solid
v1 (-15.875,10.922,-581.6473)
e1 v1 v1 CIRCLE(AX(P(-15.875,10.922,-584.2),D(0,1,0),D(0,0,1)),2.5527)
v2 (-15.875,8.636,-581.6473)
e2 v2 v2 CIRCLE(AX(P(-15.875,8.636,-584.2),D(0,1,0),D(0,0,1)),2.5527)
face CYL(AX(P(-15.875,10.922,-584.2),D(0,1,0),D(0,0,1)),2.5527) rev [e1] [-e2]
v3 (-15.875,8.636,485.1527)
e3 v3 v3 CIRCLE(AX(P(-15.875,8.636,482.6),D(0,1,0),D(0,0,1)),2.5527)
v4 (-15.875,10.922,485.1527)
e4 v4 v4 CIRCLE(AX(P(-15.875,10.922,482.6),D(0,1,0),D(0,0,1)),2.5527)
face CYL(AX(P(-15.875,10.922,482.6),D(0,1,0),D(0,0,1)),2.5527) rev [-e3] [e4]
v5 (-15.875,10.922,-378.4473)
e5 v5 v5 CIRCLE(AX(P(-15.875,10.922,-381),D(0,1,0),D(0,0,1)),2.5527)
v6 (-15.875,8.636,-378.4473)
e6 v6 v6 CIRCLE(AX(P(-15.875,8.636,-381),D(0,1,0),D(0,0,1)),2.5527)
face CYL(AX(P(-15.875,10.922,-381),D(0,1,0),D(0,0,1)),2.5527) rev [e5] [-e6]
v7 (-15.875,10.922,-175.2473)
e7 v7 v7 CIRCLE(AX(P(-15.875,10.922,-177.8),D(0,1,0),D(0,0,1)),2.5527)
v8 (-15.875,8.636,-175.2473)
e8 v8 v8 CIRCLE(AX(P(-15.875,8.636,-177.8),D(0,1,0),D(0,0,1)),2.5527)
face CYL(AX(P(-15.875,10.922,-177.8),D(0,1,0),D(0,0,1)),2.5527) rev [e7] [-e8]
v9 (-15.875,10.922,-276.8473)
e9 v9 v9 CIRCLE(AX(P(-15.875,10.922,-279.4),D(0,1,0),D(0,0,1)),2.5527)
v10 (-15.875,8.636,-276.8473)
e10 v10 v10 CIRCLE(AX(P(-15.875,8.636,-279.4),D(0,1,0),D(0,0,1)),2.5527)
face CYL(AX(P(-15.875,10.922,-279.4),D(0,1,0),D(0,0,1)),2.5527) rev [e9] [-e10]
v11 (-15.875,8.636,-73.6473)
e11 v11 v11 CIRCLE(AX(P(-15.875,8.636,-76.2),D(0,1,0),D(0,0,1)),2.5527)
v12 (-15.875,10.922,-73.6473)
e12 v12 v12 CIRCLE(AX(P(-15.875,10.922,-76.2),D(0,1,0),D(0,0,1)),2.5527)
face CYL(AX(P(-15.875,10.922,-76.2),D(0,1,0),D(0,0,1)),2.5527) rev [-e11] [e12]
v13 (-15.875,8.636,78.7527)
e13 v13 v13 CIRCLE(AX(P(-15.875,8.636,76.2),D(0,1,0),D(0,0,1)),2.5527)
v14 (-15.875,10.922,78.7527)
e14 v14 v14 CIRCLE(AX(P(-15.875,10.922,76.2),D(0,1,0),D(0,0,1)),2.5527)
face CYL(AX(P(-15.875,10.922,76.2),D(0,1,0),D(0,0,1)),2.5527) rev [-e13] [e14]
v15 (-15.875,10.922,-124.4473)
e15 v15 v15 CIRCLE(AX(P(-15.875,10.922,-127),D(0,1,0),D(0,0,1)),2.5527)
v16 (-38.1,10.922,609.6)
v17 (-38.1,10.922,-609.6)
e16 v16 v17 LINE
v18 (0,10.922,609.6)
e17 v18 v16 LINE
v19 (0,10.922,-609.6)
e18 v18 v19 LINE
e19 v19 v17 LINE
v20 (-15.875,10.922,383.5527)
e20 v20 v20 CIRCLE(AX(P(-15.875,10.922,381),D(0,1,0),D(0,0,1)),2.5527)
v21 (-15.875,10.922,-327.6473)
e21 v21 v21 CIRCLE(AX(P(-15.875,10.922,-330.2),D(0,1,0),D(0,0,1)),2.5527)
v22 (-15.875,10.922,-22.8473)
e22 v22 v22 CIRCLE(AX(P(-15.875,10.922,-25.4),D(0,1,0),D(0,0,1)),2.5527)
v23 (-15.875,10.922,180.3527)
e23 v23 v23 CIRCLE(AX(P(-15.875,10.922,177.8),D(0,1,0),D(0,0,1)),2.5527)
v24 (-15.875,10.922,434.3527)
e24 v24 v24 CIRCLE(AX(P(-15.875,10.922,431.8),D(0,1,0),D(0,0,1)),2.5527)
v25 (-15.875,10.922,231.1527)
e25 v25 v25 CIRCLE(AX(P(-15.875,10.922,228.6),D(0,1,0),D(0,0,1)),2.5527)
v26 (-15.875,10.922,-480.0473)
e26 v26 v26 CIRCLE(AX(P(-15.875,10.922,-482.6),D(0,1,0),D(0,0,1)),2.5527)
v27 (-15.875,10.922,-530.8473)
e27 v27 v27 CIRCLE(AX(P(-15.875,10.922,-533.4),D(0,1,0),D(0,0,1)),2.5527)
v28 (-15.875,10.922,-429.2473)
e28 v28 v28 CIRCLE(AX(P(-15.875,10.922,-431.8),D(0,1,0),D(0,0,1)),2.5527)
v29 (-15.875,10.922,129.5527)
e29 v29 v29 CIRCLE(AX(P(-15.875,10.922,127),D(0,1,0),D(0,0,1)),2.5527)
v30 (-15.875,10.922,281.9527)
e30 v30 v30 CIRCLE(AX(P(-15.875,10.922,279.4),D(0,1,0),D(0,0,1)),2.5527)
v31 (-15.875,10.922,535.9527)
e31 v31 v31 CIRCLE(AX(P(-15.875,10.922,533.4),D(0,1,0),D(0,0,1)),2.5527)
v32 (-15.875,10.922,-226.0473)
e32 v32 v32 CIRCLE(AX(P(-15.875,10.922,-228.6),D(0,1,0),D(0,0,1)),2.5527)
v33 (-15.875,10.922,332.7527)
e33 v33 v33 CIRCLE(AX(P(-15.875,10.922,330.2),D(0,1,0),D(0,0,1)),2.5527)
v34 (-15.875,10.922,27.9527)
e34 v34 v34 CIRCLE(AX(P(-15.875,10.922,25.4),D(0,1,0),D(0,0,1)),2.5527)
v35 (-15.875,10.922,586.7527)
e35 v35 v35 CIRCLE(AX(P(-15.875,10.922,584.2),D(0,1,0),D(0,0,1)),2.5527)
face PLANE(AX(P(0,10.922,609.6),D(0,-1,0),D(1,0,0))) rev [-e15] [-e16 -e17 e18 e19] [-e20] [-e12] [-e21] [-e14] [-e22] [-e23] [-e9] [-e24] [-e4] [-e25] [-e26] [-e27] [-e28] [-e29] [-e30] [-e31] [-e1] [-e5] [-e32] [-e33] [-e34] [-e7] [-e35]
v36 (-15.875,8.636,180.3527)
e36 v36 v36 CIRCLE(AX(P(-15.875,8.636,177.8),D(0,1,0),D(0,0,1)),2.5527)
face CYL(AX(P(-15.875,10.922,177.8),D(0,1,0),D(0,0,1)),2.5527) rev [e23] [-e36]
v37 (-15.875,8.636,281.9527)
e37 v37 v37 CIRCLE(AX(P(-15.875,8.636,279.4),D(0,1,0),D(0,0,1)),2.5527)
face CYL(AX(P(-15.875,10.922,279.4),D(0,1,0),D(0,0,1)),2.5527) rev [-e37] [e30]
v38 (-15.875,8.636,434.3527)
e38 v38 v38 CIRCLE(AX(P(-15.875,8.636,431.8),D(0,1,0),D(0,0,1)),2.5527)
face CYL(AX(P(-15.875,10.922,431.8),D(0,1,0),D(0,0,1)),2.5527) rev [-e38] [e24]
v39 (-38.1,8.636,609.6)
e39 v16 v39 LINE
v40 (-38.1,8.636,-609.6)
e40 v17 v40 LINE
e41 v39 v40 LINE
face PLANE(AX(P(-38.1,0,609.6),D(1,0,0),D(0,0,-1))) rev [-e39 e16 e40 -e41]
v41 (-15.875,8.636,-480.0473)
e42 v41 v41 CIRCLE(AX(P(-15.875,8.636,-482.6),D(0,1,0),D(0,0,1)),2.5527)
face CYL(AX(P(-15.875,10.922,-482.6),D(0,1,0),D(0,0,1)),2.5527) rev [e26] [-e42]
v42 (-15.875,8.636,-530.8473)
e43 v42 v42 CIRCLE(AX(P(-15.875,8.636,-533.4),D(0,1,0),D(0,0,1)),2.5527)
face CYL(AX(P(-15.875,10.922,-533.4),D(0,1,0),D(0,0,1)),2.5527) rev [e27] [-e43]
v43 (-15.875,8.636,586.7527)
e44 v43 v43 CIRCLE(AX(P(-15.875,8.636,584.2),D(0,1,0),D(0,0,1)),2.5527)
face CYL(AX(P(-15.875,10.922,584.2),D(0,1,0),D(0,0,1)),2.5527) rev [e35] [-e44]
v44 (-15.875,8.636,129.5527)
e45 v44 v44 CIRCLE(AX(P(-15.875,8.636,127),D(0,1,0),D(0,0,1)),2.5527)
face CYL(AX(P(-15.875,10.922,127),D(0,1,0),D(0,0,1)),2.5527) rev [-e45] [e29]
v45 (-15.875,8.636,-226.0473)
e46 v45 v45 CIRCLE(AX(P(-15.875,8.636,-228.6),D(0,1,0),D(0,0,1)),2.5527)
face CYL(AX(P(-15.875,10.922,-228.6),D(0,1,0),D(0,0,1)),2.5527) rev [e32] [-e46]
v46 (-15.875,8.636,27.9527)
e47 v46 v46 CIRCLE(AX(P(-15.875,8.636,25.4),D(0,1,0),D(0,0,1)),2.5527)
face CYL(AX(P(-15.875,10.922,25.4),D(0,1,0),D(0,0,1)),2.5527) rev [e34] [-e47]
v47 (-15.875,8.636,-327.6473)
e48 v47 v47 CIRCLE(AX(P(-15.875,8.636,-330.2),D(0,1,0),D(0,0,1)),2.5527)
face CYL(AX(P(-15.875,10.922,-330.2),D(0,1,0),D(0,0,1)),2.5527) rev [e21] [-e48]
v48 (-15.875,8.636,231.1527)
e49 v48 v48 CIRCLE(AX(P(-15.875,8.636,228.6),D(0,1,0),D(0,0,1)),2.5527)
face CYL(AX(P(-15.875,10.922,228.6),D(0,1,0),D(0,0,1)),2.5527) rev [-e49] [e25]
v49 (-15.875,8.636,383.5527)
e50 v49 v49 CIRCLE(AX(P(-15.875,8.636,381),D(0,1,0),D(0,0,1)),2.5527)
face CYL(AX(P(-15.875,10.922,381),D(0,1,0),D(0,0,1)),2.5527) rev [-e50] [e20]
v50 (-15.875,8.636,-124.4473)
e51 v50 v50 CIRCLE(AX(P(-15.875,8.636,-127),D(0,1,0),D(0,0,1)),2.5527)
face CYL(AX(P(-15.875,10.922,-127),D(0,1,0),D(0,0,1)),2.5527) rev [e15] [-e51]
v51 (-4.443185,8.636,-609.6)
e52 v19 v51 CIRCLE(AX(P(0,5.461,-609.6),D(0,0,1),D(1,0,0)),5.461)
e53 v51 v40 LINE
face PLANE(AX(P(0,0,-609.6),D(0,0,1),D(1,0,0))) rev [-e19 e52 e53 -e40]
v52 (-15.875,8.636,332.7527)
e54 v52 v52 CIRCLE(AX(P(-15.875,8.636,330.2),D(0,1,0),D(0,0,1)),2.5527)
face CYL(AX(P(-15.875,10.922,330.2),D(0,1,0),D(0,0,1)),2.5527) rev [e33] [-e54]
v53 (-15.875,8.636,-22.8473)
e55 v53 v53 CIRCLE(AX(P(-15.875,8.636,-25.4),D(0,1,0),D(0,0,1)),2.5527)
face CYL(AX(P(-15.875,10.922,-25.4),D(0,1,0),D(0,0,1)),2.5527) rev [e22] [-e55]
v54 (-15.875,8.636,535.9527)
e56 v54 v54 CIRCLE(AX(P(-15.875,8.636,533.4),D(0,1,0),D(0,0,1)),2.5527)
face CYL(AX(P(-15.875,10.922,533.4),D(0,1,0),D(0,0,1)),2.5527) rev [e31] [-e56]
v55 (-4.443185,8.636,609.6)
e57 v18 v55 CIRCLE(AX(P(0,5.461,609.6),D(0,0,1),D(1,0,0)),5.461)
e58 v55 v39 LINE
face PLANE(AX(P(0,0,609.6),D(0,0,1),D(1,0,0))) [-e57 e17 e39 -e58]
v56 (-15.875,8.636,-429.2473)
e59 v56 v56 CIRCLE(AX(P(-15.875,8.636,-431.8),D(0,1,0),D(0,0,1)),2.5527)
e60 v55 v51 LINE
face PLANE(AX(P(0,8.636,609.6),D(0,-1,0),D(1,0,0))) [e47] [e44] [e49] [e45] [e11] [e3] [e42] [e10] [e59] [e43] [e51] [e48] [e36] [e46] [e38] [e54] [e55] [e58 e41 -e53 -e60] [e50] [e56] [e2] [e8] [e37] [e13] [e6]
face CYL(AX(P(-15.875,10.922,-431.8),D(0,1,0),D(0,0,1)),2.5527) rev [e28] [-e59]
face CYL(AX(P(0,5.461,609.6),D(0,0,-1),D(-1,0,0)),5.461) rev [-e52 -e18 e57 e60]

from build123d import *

# Parameters (mm, degrees)
BOSS_EXTRUDE3_DEPTH    = 609.6
F_10_CLEARANCE_HOLE3_D = 5.1054
LPATTERN1_COUNT        = 24
LPATTERN1_PITCH        = 50.8


with BuildPart() as part:
    # Sketch1<4> → Boss-Extrude3 (new, symmetric)
    with BuildSketch(Plane.XY):
        with BuildLine():
            ThreePointArc((-4.443185344, 8.636), (-2.498384078, 10.316985791), (0, 10.922))
            Line((0, 10.922), (-38.1, 10.922))
            Line((-38.1, 10.922), (-38.1, 8.636))
            Line((-38.1, 8.636), (-4.443185344, 8.636))
        make_face()
    extrude(amount=BOSS_EXTRUDE3_DEPTH, both=True)

    # #10 Clearance Hole3 (through all)
    with Locations(Plane(origin=(0, 10.922, 0), x_dir=(1, 0, 0), z_dir=(0, 1, 0))):
        with Locations((-15.875, -584.2)):
            f_10_clearance_hole3 = Hole(F_10_CLEARANCE_HOLE3_D / 2)

    # LPattern1: #10 Clearance Hole3 ×24
    with Locations(*[(0, 0, -i * LPATTERN1_PITCH) for i in range(1, LPATTERN1_COUNT)]):
        add(f_10_clearance_hole3, mode=Mode.SUBTRACT)


solid = part.part
